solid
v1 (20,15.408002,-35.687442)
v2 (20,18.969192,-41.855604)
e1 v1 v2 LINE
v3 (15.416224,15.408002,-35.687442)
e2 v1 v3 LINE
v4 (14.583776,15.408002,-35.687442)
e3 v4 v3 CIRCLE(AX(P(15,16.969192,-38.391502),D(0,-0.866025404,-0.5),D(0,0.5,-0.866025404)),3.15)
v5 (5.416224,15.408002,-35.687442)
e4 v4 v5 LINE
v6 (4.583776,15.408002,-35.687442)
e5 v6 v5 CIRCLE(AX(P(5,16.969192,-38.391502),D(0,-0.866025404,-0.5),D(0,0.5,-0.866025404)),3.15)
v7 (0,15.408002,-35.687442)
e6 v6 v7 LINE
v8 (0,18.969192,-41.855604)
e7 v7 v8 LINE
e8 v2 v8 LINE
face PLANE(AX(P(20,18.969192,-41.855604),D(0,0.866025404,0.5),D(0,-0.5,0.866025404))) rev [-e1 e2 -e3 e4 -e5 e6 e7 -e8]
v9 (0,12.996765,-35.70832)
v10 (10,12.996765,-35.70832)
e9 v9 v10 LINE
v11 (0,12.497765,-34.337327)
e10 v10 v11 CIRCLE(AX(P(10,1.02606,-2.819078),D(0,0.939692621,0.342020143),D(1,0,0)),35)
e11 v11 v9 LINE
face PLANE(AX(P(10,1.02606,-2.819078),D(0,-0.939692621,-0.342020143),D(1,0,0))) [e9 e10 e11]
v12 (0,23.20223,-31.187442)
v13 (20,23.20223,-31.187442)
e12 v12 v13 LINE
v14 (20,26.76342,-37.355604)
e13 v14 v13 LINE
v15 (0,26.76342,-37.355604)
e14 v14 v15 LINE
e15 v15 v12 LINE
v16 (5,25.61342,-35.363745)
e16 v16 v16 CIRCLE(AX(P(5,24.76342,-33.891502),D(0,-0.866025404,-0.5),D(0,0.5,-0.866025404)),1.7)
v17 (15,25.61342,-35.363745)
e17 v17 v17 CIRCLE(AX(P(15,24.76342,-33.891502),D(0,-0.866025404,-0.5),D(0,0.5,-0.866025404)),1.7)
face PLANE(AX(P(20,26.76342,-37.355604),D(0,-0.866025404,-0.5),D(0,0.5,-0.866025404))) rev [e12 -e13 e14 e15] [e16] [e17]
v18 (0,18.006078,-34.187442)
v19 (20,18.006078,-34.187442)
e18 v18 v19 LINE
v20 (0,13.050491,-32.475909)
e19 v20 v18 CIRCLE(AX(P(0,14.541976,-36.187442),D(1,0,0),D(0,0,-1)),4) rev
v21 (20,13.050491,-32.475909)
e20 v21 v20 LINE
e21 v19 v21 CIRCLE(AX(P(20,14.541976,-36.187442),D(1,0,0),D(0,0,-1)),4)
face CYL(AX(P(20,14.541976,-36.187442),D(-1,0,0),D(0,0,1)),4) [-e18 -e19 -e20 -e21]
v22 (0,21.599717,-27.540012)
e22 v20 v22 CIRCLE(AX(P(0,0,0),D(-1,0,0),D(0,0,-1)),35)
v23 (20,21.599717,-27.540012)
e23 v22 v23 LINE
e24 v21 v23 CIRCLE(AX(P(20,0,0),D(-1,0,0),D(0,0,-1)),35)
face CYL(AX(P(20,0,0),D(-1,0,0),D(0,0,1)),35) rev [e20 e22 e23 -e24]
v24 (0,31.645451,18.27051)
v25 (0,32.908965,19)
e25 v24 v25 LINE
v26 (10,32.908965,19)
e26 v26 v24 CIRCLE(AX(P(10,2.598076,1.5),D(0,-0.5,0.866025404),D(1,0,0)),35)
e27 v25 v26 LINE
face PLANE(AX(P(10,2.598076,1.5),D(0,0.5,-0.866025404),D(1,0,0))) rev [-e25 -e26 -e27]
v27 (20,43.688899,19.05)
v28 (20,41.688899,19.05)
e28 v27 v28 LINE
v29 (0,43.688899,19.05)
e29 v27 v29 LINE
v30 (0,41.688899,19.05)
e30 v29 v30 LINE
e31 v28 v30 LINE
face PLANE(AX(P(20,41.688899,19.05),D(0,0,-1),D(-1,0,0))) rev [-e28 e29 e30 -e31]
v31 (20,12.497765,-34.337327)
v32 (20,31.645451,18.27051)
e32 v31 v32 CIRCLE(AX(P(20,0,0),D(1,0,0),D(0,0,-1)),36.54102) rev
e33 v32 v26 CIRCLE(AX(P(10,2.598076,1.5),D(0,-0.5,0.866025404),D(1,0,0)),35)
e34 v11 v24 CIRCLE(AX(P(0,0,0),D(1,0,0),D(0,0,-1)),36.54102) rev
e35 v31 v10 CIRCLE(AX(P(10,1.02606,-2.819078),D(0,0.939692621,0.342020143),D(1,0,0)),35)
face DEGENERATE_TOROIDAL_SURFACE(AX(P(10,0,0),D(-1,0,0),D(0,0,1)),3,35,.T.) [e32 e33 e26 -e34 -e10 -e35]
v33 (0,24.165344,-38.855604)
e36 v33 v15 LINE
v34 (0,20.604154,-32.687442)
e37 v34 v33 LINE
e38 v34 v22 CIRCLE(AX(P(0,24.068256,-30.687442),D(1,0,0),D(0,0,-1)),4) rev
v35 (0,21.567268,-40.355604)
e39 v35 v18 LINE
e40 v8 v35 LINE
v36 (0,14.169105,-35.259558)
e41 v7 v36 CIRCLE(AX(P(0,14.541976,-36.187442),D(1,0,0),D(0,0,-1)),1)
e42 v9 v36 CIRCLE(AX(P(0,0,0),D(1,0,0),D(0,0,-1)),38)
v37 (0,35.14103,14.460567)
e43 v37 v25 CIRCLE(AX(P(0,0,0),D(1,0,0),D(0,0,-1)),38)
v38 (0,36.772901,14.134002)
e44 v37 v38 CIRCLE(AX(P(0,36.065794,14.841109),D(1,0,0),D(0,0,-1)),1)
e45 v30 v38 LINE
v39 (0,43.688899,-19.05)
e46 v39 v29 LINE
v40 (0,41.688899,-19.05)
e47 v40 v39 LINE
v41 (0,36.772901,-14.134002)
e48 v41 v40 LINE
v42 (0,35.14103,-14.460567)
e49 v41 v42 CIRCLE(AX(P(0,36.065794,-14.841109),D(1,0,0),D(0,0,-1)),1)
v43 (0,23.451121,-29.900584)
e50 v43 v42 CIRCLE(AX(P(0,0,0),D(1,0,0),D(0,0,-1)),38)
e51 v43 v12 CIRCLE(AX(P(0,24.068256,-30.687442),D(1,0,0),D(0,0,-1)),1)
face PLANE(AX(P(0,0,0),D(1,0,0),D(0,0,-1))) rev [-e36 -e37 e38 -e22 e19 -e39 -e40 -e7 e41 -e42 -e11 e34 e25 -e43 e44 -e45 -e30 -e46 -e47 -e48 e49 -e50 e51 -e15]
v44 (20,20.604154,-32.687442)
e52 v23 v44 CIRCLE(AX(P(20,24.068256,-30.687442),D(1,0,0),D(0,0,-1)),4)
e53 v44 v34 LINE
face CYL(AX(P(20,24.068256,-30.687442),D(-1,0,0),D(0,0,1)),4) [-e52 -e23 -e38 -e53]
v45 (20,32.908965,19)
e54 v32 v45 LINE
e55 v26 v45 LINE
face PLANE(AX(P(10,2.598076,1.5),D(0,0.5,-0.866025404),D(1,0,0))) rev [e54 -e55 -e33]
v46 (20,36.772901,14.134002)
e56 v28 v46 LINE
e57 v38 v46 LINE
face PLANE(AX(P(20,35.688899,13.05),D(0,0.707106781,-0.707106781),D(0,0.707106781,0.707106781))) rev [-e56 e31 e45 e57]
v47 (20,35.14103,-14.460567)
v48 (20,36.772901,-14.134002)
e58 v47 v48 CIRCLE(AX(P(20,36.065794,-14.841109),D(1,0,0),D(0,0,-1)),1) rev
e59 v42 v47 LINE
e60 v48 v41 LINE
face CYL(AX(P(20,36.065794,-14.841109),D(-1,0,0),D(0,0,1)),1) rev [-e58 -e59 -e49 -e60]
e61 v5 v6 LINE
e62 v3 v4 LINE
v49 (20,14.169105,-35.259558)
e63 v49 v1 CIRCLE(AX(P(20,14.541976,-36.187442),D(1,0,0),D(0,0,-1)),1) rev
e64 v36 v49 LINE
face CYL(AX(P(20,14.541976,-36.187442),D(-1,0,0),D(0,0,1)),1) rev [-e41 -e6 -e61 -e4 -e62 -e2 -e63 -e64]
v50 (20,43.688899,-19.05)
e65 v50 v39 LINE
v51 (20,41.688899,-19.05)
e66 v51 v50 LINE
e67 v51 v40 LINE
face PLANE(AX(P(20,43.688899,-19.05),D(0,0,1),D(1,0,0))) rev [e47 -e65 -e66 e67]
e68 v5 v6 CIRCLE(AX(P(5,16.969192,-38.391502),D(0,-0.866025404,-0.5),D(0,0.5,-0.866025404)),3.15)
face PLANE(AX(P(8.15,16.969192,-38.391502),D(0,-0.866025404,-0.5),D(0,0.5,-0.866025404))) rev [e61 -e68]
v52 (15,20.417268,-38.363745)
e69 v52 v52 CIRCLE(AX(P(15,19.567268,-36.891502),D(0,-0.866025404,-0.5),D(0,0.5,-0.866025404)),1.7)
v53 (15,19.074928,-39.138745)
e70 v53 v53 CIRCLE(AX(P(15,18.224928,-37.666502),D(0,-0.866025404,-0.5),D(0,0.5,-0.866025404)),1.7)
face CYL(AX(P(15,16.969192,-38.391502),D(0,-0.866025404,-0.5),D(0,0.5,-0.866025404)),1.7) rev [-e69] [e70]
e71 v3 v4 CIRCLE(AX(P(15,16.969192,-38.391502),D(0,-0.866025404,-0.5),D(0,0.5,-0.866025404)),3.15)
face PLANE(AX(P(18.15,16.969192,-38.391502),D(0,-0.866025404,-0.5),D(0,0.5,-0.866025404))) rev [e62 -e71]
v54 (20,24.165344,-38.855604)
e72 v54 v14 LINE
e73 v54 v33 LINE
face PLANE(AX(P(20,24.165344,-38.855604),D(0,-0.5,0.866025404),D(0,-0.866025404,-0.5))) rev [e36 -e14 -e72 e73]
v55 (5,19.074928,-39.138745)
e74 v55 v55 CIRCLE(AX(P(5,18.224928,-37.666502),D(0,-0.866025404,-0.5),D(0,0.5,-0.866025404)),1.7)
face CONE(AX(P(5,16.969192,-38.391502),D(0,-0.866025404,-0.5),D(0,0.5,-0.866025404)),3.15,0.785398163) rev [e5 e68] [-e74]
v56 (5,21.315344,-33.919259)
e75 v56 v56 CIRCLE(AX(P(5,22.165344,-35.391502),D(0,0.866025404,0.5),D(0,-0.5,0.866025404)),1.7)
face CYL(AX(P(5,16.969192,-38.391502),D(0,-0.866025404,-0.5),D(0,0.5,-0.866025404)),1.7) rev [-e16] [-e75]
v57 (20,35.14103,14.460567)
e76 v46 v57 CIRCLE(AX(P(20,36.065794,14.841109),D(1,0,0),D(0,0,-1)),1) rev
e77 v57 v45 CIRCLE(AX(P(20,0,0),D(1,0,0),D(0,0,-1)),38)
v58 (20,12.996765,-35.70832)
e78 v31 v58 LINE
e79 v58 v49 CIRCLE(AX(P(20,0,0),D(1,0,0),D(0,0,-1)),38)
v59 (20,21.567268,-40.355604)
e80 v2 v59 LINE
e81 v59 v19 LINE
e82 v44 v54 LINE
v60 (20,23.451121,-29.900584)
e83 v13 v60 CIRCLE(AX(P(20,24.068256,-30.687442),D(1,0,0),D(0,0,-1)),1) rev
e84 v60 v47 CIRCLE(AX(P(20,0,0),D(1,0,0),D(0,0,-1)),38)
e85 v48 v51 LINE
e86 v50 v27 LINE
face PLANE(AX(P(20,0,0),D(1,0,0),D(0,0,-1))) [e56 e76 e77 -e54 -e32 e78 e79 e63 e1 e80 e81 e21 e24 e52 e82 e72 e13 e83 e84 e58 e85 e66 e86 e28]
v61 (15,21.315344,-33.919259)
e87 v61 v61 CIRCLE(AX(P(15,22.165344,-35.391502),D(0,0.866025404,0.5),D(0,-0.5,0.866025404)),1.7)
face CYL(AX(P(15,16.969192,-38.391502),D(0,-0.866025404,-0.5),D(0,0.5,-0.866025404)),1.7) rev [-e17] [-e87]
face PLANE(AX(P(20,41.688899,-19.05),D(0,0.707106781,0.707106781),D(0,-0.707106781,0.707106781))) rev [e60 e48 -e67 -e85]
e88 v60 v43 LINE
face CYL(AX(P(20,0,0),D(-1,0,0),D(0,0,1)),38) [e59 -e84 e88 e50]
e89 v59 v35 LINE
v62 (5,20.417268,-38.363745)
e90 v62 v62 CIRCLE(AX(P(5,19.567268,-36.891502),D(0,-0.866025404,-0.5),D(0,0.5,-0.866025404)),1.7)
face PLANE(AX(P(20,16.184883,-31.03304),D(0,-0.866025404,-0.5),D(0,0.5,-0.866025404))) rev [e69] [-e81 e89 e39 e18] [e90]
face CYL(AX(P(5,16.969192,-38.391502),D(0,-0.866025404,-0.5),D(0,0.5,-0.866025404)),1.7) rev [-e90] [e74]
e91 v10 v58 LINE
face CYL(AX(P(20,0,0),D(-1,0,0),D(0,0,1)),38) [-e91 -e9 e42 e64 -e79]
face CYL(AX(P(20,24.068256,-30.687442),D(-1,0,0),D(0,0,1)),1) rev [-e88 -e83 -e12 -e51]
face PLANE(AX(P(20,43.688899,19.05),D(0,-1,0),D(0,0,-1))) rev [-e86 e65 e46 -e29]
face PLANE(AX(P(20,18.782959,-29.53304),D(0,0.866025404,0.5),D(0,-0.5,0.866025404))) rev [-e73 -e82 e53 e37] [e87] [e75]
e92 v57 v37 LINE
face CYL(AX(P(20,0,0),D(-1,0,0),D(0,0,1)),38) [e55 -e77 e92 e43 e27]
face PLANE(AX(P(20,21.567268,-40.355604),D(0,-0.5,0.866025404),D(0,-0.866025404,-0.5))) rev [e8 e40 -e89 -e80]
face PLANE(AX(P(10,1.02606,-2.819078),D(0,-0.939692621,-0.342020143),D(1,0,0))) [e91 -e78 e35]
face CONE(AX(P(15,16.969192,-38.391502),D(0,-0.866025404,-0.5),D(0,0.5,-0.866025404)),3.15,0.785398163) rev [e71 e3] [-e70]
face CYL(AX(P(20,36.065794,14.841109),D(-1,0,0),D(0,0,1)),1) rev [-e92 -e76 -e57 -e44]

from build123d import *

# Parameters (mm, degrees)
BOSS_EXTRUDE1_DEPTH                          = 20
FILLET1_R                                    = 1
FILLET2_R                                    = 4
CSK_FOR_M3_COUNTERSUNK_FLAT_HEAD_SCR_2_COUNT = 2
CSK_FOR_M3_COUNTERSUNK_FLAT_HEAD_SCR_2_PITCH = 10
CUT_REVOLVE1_ANGLE                           = 110
CUT_REVOLVE1_OTHER_WAY_ANGLE                 = 150


with BuildPart() as part:
    # Sketch1 → Boss-Extrude1 (new body)
    with BuildSketch(Plane(origin=(0, 0, 0), x_dir=(0, 0, -1), z_dir=(1, 0, 0))):
        with BuildLine():
            Line((-19.05, 43.688898834), (19.05, 43.688898834))
            Line((19.05, 43.688898834), (19.05, 41.688898834))
            Line((19.05, 41.688898834), (13.05, 35.688898834))
            ThreePointArc((13.05, 35.688898834), (22.67902305, 30.490357714), (30.427400447, 22.763420262))
            Line((30.427400447, 22.763420262), (37.355603678, 26.763420262))
            Line((37.355603678, 26.763420262), (38.855603678, 24.16534405))
            Line((38.855603678, 24.16534405), (29.533039808, 18.782959291))
            ThreePointArc((29.533039808, 18.782959291), (-30.310889132, -17.5), (31.033039808, 16.184883079))
            Line((31.033039808, 16.184883079), (40.355603678, 21.567267839))
            Line((40.355603678, 21.567267839), (41.855603678, 18.969191628))
            Line((41.855603678, 18.969191628), (34.927400447, 14.969191628))
            ThreePointArc((34.927400447, 14.969191628), (-15.065912825, -34.885788951), (-13.05, 35.688898834))
            Line((-13.05, 35.688898834), (-19.05, 41.688898834))
            Line((-19.05, 41.688898834), (-19.05, 43.688898834))
        make_face()
    extrude(amount=BOSS_EXTRUDE1_DEPTH)

    # Fillet1
    fillet1_edges = [part.edges().sort_by_distance(p)[0] for p in [
        (10, 35.688898834, 13.05),
        (10, 35.688898834, -13.05),
        (10, 22.763420262, -30.427400447),
        (10, 14.969191628, -34.927400447),
    ]]
    fillet(fillet1_edges, radius=FILLET1_R)

    # Fillet2
    fillet2_edges = [part.edges().sort_by_distance(p)[0] for p in [
        (10, 18.782959291, -29.533039808),
        (10, 16.184883079, -31.033039808),
    ]]
    fillet(fillet2_edges, radius=FILLET2_R)

    # Sketch3 → CSK for M3 Countersunk Flat Head Screw1 (revolve, cut)
    with BuildSketch(Plane(origin=(15, 16.969191628, -38.391502063), x_dir=(0, 0.49999999999999817, -0.8660254037844398), z_dir=(1, 0, 0))):
        Polygon((0, 0), (0, 61.335696254), (1.7, 61.335696254), (1.7, 1.45), (3.15, 0), align=None)
    csk_for_m3_countersunk_flat_head_screw1 = revolve(axis=Axis((15, 11.469930314, -41.566502063), (0, 0.8660254037844398, 0.4999999999999981)), mode=Mode.SUBTRACT)

    # CSK for M3 Countersunk Flat Head Scr 2: CSK for M3 Countersunk Flat Head Screw1 ×2
    with Locations(*[(-i * CSK_FOR_M3_COUNTERSUNK_FLAT_HEAD_SCR_2_PITCH, 0, 0) for i in range(1, CSK_FOR_M3_COUNTERSUNK_FLAT_HEAD_SCR_2_COUNT)]):
        add(csk_for_m3_countersunk_flat_head_screw1, mode=Mode.SUBTRACT)

    # Sketch4 → Cut-Revolve1 (revolve, cut)
    with BuildSketch(Plane.XY):
        with BuildLine():
            Line((-8.002699019, -33.015043362), (-8.002699019, -46))
            Line((-8.002699019, -46), (28, -46))
            Line((28, -46), (28, -33.01666204))
            ThreePointArc((28, -33.01666204), (9.998426404, -37.999999965), (-8.002699019, -33.015043362))
        make_face()
    revolve(axis=Axis((-3.558727933, 0, 0), (1, 0, 0)), revolution_arc=CUT_REVOLVE1_ANGLE, mode=Mode.SUBTRACT)

    # Sketch4 → Cut-Revolve1 other way (revolve, cut)
    with BuildSketch(Plane.XY):
        with BuildLine():
            Line((-8.002699019, -33.015043362), (-8.002699019, -46))
            Line((-8.002699019, -46), (28, -46))
            Line((28, -46), (28, -33.01666204))
            ThreePointArc((28, -33.01666204), (9.998426404, -37.999999965), (-8.002699019, -33.015043362))
        make_face()
    revolve(axis=Axis((-3.558727933, 0, 0), (-1, 0, 0)), revolution_arc=CUT_REVOLVE1_OTHER_WAY_ANGLE, mode=Mode.SUBTRACT)


solid = part.part
